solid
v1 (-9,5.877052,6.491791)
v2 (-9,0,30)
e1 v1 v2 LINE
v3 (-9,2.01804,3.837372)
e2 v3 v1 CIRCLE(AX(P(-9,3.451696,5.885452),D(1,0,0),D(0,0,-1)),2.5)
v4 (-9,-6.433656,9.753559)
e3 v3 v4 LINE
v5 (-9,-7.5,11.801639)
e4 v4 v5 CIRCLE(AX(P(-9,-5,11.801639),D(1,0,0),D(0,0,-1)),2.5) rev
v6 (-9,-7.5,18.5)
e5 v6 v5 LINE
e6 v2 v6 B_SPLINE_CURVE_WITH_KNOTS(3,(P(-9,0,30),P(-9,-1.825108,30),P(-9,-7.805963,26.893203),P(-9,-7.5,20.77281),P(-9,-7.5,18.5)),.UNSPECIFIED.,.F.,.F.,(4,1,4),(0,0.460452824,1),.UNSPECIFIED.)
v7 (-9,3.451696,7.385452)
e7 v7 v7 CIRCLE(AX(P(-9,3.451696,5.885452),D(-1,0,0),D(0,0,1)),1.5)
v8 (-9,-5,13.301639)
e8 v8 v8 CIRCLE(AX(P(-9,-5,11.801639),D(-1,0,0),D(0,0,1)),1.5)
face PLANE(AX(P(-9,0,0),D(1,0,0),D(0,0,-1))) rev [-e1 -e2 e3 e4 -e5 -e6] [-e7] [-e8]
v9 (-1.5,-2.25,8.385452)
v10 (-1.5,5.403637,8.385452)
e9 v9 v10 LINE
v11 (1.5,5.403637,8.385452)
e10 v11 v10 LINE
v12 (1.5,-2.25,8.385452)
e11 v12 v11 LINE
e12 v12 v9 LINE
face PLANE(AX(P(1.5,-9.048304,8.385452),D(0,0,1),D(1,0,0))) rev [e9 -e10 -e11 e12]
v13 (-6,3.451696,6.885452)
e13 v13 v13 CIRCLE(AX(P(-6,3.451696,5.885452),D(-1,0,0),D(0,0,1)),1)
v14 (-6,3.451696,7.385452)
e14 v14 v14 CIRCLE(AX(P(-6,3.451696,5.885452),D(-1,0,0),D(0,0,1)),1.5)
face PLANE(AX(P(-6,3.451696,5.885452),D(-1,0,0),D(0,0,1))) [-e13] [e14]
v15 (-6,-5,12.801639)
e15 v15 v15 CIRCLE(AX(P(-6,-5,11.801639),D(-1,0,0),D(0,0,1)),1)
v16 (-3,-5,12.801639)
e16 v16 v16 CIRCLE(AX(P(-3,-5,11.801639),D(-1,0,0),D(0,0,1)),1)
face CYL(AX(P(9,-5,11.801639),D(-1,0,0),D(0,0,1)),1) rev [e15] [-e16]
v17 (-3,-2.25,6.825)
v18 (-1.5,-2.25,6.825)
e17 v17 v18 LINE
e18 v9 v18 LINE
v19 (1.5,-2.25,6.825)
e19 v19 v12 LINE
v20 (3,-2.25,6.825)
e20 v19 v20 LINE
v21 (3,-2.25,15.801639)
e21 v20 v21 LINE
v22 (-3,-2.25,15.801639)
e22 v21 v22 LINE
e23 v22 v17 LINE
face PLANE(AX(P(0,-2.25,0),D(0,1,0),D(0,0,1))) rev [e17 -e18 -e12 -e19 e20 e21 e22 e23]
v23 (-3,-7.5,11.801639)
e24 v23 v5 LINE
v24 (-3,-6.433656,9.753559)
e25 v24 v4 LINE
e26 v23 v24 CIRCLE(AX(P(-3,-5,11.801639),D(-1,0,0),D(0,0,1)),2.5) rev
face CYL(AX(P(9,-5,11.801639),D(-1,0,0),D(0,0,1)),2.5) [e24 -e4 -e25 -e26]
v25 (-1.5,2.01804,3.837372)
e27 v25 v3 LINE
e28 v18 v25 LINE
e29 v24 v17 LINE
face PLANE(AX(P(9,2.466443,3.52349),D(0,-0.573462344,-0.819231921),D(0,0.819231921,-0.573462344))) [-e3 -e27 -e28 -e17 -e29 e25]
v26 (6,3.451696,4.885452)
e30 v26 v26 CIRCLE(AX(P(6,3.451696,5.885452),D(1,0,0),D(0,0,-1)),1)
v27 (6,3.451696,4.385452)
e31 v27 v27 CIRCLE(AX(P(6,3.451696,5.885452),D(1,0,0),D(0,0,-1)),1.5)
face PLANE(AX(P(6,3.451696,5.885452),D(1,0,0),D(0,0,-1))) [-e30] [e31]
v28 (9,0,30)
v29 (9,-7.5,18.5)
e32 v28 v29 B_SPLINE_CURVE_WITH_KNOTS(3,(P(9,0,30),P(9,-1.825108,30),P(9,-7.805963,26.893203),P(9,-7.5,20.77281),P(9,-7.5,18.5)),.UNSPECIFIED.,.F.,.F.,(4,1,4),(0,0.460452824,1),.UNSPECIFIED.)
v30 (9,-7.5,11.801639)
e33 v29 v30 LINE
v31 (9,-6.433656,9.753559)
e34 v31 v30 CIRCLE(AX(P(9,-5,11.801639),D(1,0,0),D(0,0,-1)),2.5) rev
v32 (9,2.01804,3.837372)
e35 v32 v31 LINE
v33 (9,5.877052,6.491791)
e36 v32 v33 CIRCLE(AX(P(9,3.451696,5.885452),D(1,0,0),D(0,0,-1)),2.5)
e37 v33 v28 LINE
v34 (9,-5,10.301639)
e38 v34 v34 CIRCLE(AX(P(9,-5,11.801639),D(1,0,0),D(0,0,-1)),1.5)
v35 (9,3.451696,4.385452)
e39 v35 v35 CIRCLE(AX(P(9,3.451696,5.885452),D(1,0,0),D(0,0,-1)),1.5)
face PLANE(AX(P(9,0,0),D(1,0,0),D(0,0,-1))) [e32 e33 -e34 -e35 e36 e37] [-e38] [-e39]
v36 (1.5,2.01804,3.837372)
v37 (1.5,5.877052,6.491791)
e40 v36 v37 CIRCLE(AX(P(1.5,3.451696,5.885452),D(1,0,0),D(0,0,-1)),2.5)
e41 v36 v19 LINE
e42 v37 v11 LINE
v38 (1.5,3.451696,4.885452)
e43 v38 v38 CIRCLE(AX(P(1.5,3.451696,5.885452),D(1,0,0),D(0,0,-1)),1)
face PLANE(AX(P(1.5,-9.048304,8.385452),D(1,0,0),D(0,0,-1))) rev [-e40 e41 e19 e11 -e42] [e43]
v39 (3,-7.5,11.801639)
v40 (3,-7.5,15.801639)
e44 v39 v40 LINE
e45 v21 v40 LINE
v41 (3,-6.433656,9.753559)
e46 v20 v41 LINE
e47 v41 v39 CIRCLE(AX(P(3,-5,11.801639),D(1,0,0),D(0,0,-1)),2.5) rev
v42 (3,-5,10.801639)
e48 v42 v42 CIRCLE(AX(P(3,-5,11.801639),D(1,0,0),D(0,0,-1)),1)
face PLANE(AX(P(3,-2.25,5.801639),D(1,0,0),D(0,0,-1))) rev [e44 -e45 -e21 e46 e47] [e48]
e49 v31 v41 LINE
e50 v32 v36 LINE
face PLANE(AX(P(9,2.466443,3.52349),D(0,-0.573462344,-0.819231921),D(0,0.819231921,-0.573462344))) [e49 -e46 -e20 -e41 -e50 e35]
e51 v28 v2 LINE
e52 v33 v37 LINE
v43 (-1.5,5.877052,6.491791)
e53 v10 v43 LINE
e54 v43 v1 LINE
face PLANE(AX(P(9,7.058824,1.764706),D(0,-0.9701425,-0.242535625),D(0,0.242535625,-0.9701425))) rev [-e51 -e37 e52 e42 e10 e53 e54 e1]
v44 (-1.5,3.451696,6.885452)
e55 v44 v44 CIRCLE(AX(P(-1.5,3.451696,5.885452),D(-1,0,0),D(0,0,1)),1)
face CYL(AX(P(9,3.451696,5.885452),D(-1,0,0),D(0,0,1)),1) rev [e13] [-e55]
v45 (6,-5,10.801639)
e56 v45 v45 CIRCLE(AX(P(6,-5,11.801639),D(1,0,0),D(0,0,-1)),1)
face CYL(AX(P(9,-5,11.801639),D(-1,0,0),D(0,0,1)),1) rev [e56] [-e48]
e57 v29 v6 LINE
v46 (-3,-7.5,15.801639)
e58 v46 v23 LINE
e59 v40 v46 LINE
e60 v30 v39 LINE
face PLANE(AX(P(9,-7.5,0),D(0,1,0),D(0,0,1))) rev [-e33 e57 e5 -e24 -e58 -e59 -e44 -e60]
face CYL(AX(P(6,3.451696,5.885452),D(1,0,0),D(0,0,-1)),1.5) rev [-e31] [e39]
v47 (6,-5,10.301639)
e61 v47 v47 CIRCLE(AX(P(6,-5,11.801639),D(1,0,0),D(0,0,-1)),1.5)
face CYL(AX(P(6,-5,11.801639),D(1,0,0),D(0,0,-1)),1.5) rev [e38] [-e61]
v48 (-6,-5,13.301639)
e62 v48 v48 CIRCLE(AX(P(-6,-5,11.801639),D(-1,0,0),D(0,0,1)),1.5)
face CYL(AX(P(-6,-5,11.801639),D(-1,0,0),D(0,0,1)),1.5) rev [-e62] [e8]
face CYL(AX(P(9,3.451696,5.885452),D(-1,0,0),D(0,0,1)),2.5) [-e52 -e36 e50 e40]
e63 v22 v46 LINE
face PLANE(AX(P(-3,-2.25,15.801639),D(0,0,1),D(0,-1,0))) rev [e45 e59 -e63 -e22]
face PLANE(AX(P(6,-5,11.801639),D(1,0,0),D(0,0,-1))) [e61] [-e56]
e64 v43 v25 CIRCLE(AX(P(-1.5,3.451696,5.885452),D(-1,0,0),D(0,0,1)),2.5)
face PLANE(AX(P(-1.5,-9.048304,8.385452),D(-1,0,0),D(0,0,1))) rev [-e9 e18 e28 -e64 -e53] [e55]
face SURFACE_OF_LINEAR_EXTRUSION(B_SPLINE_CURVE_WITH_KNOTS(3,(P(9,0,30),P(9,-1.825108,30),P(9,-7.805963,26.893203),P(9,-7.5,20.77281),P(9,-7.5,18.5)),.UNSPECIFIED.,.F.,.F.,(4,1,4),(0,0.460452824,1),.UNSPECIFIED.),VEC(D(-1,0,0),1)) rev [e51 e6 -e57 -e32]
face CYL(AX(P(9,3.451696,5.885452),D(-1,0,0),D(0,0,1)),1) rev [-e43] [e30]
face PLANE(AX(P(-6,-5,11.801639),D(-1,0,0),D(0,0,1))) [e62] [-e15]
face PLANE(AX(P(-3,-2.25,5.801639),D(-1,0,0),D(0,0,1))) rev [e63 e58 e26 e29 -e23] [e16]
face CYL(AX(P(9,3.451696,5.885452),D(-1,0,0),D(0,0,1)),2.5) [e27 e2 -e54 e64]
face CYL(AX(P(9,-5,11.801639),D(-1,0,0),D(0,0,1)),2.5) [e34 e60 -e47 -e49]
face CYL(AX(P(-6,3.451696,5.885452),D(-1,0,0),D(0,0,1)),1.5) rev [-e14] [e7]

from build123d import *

# Parameters (mm, degrees)
SKETCH2_R           = 1
BOSS_EXTRUDE1_DEPTH = 9
SKETCH4_W           = 3
SKETCH4_H           = 5
CUT_EXTRUDE1_DEPTH  = 15
SKETCH5_W           = 6
SKETCH5_H           = 10
CUT_EXTRUDE3_DEPTH  = 5.25
SKETCH6_R           = 1.5
CUT_EXTRUDE4_DEPTH  = 3
SKETCH7_R           = 1.5
CUT_EXTRUDE5_DEPTH  = 3


with BuildPart() as part:
    # Sketch2 → Boss-Extrude1 (new body, symmetric)
    with BuildSketch(Plane(origin=(0, 0, 0), x_dir=(0, 0, -1), z_dir=(1, 0, 0))):
        with BuildLine():
            Line((-6.491790717, 5.877052321), (-30, 0))
            add(Edge.make_bspline(
                [(-30, 0), (-30, -1.825107758), (-26.893202648, -7.805962947), (-20.772810337, -7.5), (-18.5, -7.5)],
                knots=[0, 0, 0, 0, 0.460452824, 1, 1, 1, 1], degree=3))
            Line((-18.5, -7.5), (-11.801638904, -7.5))
            ThreePointArc((-11.801638904, -7.5), (-10.647112952, -7.217446691), (-9.753559103, -6.433655861))
            Line((-9.753559103, -6.433655861), (-3.837371853, 2.018040209))
            ThreePointArc((-3.837371853, 2.018040209), (-3.825682806, 4.868506676), (-6.491790717, 5.877052321))
        make_face()
        with Locations((-11.801638904, -5)):
            Circle(SKETCH2_R, mode=Mode.SUBTRACT)
        with Locations((-5.885451655, 3.45169607)):
            Circle(SKETCH2_R, mode=Mode.SUBTRACT)
    extrude(amount=BOSS_EXTRUDE1_DEPTH, both=True)

    # Sketch4 → Cut-Extrude1 (cut)
    with BuildSketch(Plane(origin=(0, 5.95169607, 0), x_dir=(1, 0, 0), z_dir=(0, 1, 0))):
        with Locations((0, -5.885451655)):
            Rectangle(SKETCH4_W, SKETCH4_H)
    extrude(amount=-CUT_EXTRUDE1_DEPTH, mode=Mode.SUBTRACT)

    # Sketch5 → Cut-Extrude3 (cut)
    with BuildSketch(Plane.XZ.offset(7.5)):
        with Locations((0, 10.801638904)):
            Rectangle(SKETCH5_W, SKETCH5_H)
    extrude(amount=-CUT_EXTRUDE3_DEPTH, mode=Mode.SUBTRACT)

    # Sketch6 → Cut-Extrude4 (cut)
    with BuildSketch(Plane(origin=(9, 0, 0), x_dir=(0, 0, -1), z_dir=(1, 0, 0))):
        with Locations((-5.885451655, 3.45169607)):
            Circle(SKETCH6_R)
        with Locations((-11.801638904, -5)):
            Circle(SKETCH6_R)
    extrude(amount=-CUT_EXTRUDE4_DEPTH, mode=Mode.SUBTRACT)

    # Sketch7 → Cut-Extrude5 (cut)
    with BuildSketch(Plane.ZY.offset(9)):
        with Locations((5.885451655, 3.45169607)):
            Circle(SKETCH7_R)
        with Locations((11.801638904, -5)):
            Circle(SKETCH7_R)
    extrude(amount=-CUT_EXTRUDE5_DEPTH, mode=Mode.SUBTRACT)


solid = part.part
